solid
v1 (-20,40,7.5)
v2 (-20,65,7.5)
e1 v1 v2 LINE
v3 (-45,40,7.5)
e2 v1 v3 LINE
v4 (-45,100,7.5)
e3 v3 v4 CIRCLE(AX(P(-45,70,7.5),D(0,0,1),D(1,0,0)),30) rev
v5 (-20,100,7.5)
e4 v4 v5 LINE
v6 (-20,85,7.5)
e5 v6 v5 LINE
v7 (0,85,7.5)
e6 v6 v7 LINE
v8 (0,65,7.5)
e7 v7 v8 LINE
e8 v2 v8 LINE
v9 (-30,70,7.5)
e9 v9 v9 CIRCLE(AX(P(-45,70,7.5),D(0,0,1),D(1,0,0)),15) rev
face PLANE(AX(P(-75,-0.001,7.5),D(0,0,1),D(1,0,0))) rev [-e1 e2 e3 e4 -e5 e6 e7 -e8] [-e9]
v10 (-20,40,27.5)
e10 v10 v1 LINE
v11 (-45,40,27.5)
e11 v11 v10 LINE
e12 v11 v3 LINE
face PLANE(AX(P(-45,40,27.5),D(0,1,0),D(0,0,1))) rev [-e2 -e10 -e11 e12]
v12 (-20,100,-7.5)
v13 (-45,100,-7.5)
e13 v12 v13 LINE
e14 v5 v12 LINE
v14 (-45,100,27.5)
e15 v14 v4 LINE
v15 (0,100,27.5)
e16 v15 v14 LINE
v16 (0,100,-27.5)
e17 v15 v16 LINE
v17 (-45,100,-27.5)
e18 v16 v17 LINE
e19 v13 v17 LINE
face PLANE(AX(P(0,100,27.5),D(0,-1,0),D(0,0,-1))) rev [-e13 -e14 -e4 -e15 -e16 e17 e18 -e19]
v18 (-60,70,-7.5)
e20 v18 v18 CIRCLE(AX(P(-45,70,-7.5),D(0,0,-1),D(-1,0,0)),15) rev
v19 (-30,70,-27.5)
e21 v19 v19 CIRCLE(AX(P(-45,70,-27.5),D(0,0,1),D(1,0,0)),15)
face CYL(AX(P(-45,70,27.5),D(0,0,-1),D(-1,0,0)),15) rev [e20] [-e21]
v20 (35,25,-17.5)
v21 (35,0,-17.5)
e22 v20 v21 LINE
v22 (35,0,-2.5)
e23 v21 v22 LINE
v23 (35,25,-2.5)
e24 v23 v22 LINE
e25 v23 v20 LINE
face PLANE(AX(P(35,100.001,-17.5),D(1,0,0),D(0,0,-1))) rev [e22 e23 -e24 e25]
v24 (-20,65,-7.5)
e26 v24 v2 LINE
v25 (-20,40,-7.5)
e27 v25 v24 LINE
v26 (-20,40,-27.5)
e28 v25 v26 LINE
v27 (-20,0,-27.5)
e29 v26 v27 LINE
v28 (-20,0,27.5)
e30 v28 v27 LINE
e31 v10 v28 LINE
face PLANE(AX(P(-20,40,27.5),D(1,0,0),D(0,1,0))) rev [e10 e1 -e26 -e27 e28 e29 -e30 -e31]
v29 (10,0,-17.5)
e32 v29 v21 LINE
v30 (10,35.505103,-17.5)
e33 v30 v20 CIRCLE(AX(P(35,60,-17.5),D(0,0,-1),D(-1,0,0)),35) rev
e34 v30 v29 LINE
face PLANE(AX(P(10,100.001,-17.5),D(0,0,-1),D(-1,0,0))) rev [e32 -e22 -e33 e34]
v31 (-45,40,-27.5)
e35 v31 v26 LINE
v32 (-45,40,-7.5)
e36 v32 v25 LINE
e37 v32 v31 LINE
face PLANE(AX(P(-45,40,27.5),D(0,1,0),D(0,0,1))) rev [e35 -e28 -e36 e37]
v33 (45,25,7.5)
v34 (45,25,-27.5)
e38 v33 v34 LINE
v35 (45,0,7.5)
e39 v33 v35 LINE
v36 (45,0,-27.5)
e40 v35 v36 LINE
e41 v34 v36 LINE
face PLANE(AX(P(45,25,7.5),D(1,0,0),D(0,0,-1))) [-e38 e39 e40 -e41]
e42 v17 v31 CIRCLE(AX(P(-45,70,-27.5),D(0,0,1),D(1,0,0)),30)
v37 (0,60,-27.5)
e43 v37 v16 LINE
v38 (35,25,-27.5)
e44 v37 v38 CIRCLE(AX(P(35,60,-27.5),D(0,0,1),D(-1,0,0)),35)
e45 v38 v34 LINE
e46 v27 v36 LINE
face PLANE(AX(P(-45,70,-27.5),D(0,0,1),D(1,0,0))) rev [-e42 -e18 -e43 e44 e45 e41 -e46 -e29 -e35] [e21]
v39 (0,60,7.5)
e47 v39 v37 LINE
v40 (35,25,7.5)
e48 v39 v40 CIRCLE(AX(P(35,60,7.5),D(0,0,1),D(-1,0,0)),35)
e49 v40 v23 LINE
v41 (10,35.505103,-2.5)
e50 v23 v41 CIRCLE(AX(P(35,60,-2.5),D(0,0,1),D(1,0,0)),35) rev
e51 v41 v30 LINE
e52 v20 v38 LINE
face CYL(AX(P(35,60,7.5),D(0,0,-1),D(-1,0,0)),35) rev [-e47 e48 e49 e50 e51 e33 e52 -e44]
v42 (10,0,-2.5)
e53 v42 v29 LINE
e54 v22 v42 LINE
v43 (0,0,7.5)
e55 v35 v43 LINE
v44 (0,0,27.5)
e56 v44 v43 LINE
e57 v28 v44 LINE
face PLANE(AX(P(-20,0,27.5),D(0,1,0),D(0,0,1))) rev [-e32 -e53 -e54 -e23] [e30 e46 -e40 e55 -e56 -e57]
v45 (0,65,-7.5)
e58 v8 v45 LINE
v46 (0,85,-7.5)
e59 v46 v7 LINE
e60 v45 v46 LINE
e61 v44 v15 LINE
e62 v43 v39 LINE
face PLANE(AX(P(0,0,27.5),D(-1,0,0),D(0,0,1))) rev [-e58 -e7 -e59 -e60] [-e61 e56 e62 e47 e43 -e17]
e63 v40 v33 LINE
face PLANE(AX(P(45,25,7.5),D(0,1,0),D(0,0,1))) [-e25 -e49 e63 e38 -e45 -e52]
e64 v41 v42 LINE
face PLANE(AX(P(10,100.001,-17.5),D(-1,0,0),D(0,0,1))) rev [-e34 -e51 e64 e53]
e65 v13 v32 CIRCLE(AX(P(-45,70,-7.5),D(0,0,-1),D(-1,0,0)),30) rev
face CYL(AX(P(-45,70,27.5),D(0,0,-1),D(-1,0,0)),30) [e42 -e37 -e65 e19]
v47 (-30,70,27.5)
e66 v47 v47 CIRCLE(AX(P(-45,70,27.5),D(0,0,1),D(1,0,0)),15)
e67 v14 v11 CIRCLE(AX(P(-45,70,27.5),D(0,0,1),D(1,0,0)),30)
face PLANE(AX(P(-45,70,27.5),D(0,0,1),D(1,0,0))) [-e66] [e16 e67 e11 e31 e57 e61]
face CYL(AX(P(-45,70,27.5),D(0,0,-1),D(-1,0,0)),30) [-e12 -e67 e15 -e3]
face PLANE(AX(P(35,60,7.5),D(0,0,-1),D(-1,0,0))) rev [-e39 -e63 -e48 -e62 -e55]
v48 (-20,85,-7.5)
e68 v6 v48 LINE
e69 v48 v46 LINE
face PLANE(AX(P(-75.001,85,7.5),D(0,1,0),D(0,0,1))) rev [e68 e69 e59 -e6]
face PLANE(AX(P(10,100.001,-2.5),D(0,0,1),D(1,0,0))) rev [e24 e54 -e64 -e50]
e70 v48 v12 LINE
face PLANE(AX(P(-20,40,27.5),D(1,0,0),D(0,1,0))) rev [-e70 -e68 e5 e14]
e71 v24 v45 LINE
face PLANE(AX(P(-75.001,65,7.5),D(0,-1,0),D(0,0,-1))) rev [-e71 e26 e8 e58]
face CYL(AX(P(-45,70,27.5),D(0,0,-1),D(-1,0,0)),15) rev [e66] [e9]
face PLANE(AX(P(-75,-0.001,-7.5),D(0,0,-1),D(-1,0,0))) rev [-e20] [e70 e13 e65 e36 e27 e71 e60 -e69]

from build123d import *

# Parameters (mm, degrees)
SKETCH1_R           = 15
BOSS_EXTRUDE1_DEPTH = 27.5
CUT_EXTRUDE1_REACH  = 129.989
SKETCH2_W           = 55
SKETCH2_H           = 15
BOSS_EXTRUDE2_DEPTH = 35
CUT_EXTRUDE2_REACH  = 129.989
SKETCH5_W           = 15
SKETCH5_H           = 20
CUT_EXTRUDE3_REACH  = 129.989
SKETCH6_W           = 25
SKETCH6_H           = 15


with BuildPart() as part:
    # Sketch1 → Boss-Extrude1 (new, symmetric)
    with BuildSketch(Plane.XY):
        with BuildLine():
            Line((0, 0), (0, 100))
            Line((0, 100), (-45, 100))
            ThreePointArc((-45, 100), (-75, 70), (-45, 40))
            Line((-45, 40), (-20, 40))
            Line((-20, 40), (-20, 0))
            Line((-20, 0), (0, 0))
        make_face()
        with Locations((-45, 70)):
            Circle(SKETCH1_R, mode=Mode.SUBTRACT)
    extrude(amount=BOSS_EXTRUDE1_DEPTH, both=True)

    # Sketch2 → Cut-Extrude1 (cut, up to next)
    with BuildSketch(Plane(origin=(0, 100, 0), x_dir=(1, 0, 0), z_dir=(0, 1, 0)), mode=Mode.PRIVATE) as cut_extrude1_sk1:
        with Locations((-47.5, 0)):
            Rectangle(SKETCH2_W, SKETCH2_H)
    cut_extrude1_tool1 = extrude(cut_extrude1_sk1.sketch, amount=-CUT_EXTRUDE1_REACH, mode=Mode.PRIVATE) & part.part
    add(cut_extrude1_tool1.solids().sort_by_distance((-47.5, 100, 0))[0], mode=Mode.SUBTRACT)

    # Sketch4 → Boss-Extrude2 (add)
    with BuildSketch(Plane(origin=(0, 0, -27.5), x_dir=(-1, 0, 0), z_dir=(0, 0, -1))):
        with BuildLine():
            Line((-45, 0), (0, 0))
            Line((0, 0), (0, 60))
            ThreePointArc((0, 60), (-10.251262658, 35.251262658), (-35, 25))
            Line((-35, 25), (-45, 25))
            Line((-45, 25), (-45, 0))
        make_face()
    extrude(amount=-BOSS_EXTRUDE2_DEPTH)

    # Sketch5 → Cut-Extrude2 (cut, up to next)
    with BuildSketch(Plane(origin=(0, 0, 0), x_dir=(0, 0, -1), z_dir=(1, 0, 0)), mode=Mode.PRIVATE) as cut_extrude2_sk1:
        with Locations((0, 75)):
            Rectangle(SKETCH5_W, SKETCH5_H)
    cut_extrude2_tool1 = extrude(cut_extrude2_sk1.sketch, amount=-CUT_EXTRUDE2_REACH, mode=Mode.PRIVATE) & part.part
    add(cut_extrude2_tool1.solids().sort_by_distance((0, 75, 0))[0], mode=Mode.SUBTRACT)

    # Sketch6 → Cut-Extrude3 (cut, up to next)
    with BuildSketch(Plane.XZ, mode=Mode.PRIVATE) as cut_extrude3_sk1:
        with Locations((22.5, -10)):
            Rectangle(SKETCH6_W, SKETCH6_H)
    cut_extrude3_tool1 = extrude(cut_extrude3_sk1.sketch, amount=-CUT_EXTRUDE3_REACH, mode=Mode.PRIVATE) & part.part
    add(cut_extrude3_tool1.solids().sort_by_distance((22.5, 0, -10))[0], mode=Mode.SUBTRACT)


solid = part.part
